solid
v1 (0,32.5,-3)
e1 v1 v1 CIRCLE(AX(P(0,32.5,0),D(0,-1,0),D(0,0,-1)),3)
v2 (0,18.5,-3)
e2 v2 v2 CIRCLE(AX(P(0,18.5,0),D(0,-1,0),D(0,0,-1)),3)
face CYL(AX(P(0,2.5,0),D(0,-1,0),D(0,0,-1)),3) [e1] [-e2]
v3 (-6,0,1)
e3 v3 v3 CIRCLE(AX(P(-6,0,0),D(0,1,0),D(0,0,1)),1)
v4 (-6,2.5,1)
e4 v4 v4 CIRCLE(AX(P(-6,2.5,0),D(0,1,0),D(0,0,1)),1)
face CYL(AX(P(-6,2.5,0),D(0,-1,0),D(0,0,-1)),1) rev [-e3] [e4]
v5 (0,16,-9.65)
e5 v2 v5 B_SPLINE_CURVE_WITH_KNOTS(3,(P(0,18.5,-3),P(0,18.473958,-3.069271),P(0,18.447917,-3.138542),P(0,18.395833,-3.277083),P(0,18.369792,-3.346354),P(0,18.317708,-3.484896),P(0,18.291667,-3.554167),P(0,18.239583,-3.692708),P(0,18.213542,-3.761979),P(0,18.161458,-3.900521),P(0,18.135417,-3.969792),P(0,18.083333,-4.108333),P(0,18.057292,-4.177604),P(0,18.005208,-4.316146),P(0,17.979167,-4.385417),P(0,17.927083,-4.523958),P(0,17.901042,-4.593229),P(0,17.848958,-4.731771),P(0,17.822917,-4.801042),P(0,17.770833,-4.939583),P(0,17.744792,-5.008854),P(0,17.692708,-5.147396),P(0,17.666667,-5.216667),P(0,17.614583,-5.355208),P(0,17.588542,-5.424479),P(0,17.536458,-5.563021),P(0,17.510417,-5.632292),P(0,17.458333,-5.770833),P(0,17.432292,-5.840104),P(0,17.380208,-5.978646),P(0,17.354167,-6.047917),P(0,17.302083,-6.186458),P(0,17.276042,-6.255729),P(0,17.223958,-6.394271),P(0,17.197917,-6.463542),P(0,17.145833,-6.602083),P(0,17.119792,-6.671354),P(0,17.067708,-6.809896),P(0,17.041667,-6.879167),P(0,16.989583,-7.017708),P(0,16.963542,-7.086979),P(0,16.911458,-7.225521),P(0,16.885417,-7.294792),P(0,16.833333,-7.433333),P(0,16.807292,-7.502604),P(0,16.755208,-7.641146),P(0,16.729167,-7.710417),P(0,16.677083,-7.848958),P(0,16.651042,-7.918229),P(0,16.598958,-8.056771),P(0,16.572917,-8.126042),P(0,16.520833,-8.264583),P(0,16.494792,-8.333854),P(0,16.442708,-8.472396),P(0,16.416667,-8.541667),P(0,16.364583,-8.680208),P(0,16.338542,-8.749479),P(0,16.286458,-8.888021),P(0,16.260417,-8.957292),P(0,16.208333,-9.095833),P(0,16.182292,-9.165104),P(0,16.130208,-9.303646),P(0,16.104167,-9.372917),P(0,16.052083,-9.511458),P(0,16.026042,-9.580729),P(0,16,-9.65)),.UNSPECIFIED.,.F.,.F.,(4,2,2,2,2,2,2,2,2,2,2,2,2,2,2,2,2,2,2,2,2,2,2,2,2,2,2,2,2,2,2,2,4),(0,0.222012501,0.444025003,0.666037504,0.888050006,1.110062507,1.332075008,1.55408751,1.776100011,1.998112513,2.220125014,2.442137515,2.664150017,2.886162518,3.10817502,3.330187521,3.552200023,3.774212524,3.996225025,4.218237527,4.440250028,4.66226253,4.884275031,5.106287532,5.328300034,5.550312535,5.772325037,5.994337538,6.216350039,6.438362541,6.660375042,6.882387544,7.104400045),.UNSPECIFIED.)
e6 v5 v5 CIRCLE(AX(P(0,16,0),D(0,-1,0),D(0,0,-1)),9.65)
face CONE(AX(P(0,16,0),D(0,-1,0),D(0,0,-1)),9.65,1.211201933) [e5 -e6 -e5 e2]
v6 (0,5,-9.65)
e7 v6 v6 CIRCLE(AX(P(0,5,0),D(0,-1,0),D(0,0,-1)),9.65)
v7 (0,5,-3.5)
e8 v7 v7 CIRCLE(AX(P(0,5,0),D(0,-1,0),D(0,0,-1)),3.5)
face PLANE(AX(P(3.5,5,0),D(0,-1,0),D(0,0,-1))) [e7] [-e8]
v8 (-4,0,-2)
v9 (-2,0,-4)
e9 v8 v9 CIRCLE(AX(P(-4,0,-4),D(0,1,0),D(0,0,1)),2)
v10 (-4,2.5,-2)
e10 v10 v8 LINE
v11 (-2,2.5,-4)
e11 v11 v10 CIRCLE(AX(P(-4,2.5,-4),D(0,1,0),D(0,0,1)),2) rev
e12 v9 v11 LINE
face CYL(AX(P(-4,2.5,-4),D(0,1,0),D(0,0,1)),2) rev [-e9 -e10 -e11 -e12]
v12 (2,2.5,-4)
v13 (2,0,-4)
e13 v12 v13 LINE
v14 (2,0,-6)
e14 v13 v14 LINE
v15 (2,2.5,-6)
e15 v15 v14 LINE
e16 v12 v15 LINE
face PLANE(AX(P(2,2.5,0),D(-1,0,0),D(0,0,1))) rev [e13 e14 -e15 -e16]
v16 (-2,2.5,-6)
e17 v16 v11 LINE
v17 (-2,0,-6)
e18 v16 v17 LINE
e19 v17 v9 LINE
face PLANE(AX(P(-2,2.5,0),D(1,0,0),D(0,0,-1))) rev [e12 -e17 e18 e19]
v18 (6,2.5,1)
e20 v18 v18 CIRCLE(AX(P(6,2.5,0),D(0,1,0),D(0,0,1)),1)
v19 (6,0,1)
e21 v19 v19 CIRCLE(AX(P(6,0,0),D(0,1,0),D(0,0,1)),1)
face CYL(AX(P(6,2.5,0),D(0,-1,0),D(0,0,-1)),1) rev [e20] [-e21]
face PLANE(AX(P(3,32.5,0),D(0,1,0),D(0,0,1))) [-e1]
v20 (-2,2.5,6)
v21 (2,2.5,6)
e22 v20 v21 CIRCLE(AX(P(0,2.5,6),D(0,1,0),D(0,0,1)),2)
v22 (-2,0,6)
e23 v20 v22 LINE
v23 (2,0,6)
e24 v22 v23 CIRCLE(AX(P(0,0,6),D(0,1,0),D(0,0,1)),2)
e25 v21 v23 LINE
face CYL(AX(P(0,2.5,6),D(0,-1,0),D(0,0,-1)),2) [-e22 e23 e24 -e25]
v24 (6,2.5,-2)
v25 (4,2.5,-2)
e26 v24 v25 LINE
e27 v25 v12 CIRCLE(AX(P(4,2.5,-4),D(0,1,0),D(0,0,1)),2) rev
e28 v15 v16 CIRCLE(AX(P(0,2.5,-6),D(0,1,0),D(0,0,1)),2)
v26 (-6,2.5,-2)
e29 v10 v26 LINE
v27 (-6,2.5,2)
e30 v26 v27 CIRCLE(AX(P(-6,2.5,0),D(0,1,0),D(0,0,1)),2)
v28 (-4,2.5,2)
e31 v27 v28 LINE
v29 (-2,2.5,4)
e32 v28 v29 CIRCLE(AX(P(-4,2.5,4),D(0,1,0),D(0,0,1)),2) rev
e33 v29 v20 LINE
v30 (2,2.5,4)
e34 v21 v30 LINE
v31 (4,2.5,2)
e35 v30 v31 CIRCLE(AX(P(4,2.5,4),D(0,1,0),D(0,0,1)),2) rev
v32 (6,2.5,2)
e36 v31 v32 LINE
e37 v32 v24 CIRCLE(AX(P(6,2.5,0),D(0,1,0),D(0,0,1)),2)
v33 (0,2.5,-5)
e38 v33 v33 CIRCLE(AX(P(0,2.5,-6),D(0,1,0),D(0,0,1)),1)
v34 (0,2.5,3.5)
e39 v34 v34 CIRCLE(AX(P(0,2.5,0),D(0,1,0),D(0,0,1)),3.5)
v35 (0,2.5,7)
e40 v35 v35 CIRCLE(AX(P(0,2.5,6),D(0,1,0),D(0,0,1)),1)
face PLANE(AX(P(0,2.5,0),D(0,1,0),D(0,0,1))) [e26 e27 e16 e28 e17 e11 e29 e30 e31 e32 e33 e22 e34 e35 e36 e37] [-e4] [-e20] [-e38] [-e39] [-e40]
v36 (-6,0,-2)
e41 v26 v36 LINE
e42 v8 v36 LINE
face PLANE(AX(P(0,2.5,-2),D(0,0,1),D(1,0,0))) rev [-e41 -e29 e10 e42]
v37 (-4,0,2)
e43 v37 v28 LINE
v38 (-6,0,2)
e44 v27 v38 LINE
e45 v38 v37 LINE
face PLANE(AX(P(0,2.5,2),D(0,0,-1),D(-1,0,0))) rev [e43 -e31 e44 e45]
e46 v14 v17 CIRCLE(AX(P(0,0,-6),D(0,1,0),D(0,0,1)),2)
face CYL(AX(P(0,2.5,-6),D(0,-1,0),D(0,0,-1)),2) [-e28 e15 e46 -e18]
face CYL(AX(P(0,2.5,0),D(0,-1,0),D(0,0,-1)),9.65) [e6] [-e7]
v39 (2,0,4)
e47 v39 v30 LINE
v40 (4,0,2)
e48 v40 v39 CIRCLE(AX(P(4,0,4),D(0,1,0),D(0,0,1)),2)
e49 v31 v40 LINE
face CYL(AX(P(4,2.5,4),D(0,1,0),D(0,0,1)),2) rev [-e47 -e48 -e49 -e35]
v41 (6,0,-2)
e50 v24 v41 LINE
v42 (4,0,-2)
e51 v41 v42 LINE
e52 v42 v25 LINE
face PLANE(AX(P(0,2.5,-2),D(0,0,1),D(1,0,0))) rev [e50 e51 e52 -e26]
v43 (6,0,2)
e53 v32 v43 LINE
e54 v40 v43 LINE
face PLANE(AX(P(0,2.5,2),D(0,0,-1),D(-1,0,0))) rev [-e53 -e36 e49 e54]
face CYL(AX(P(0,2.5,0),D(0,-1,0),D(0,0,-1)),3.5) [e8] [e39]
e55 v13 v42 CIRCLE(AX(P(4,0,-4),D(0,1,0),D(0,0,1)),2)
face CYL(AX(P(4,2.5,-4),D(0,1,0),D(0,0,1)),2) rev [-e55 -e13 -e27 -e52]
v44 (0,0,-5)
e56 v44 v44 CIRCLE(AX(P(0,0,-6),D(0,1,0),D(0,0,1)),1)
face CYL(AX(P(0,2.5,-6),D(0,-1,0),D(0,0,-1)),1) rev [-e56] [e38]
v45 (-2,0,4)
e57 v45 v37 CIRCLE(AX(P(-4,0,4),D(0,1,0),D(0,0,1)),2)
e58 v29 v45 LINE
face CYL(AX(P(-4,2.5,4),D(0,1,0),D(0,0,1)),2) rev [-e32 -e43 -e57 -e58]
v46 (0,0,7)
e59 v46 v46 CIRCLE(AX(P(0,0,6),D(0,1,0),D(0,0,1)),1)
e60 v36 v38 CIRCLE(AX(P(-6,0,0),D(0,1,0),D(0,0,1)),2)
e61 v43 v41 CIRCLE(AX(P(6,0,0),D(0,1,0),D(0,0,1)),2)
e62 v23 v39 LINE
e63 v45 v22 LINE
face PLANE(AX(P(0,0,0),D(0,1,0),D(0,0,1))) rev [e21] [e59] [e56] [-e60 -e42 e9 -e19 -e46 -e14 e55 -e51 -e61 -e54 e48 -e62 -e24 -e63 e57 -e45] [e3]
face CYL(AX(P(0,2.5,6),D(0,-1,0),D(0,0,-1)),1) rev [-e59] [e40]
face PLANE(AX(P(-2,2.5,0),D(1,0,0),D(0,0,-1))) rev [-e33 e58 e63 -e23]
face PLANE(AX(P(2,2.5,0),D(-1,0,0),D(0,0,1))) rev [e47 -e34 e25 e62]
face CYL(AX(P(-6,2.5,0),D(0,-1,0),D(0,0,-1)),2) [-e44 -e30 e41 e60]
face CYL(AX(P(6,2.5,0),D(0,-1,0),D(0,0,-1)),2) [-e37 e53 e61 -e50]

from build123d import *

# Parameters (mm, degrees)
SKETCH1_W           = 4
SKETCH1_H           = 4
SKETCH1_R           = 2
SKETCH1_R_2         = 1
BOSS_EXTRUDE1_DEPTH = 2.5
FILLET1_R           = 2


with BuildPart() as part:
    # Sketch1 → Boss-Extrude1 (new body)
    # profile 1 of 9: a face of its own
    with BuildSketch(Plane(origin=(0, 0, 0), x_dir=(1, 0, 0), z_dir=(0, 1, 0))):
        Rectangle(SKETCH1_W, SKETCH1_H)
    # profile 2 of 9: a face of its own
    with BuildSketch(Plane(origin=(0, 0, 0), x_dir=(1, 0, 0), z_dir=(0, 1, 0))):
        with BuildLine():
            ThreePointArc((-4, 0), (-4.585786438, -1.414213562), (-6, -2))
            Line((-6, -2), (-2, -2))
            Line((-2, -2), (-2, 2))
            Line((-2, 2), (-6, 2))
            ThreePointArc((-6, 2), (-4.585786438, 1.414213562), (-4, 0))
        make_face()
    # profile 3 of 9: a face of its own
    with BuildSketch(Plane(origin=(0, 0, 0), x_dir=(1, 0, 0), z_dir=(0, 1, 0))):
        with Locations((-6, 0)):
            Circle(SKETCH1_R)
        with Locations(Location((-6, 0, 0), (0, 0, 270))):
            Circle(SKETCH1_R_2, mode=Mode.SUBTRACT)
    # profile 4 of 9: a face of its own
    with BuildSketch(Plane(origin=(0, 0, 0), x_dir=(1, 0, 0), z_dir=(0, 1, 0))):
        with Locations((0, -6)):
            Circle(SKETCH1_R)
        with Locations(Location((0, -6, 0), (0, 0, 270))):
            Circle(SKETCH1_R_2, mode=Mode.SUBTRACT)
    # profile 5 of 9: a face of its own
    with BuildSketch(Plane(origin=(0, 0, 0), x_dir=(1, 0, 0), z_dir=(0, 1, 0))):
        with BuildLine():
            Line((2, -2), (-2, -2))
            Line((-2, -2), (-2, -6))
            ThreePointArc((-2, -6), (0, -4), (2, -6))
            Line((2, -6), (2, -2))
        make_face()
    # profile 6 of 9: a face of its own
    with BuildSketch(Plane(origin=(0, 0, 0), x_dir=(1, 0, 0), z_dir=(0, 1, 0))):
        with BuildLine():
            Line((-2, 6), (-2, 2))
            Line((-2, 2), (2, 2))
            Line((2, 2), (2, 6))
            ThreePointArc((2, 6), (0, 4), (-2, 6))
        make_face()
    # profile 7 of 9: a face of its own
    with BuildSketch(Plane(origin=(0, 0, 0), x_dir=(1, 0, 0), z_dir=(0, 1, 0))):
        with Locations((0, 6)):
            Circle(SKETCH1_R)
        with Locations(Location((0, 6, 0), (0, 0, 270))):
            Circle(SKETCH1_R_2, mode=Mode.SUBTRACT)
    # profile 8 of 9: a face of its own
    with BuildSketch(Plane(origin=(0, 0, 0), x_dir=(1, 0, 0), z_dir=(0, 1, 0))):
        with BuildLine():
            Line((2, 2), (2, -2))
            Line((2, -2), (6, -2))
            ThreePointArc((6, -2), (4, 0), (6, 2))
            Line((6, 2), (2, 2))
        make_face()
    # profile 9 of 9: a face of its own
    with BuildSketch(Plane(origin=(0, 0, 0), x_dir=(1, 0, 0), z_dir=(0, 1, 0))):
        with Locations((6, 0)):
            Circle(SKETCH1_R)
        with Locations(Location((6, 0, 0), (0, 0, 270))):
            Circle(SKETCH1_R_2, mode=Mode.SUBTRACT)
    extrude(amount=BOSS_EXTRUDE1_DEPTH)

    # Fillet1
    fillet1_edges = [part.edges().sort_by_distance(p)[0] for p in [
        (-2, 1.25, -2),
        (2, 1.25, -2),
        (2, 1.25, 2),
        (-2, 1.25, 2),
    ]]
    fillet(fillet1_edges, radius=FILLET1_R)

    # Sketch3 → Revolve1 (revolve)
    with BuildSketch(Plane.XY, mode=Mode.PRIVATE) as revolve1_sk:
        Polygon((0, 2.5), (3.5, 2.5), (3.5, 5), (9.65, 5), (9.65, 16), (3, 18.5), (3, 32.5), (0, 32.5), align=None)
    revolve(revolve1_sk.sketch.rotate(Axis((0, 2.5, 0), (0, 1, 0)), 90), axis=Axis((0, 2.5, 0), (0, 1, 0)))


solid = part.part
